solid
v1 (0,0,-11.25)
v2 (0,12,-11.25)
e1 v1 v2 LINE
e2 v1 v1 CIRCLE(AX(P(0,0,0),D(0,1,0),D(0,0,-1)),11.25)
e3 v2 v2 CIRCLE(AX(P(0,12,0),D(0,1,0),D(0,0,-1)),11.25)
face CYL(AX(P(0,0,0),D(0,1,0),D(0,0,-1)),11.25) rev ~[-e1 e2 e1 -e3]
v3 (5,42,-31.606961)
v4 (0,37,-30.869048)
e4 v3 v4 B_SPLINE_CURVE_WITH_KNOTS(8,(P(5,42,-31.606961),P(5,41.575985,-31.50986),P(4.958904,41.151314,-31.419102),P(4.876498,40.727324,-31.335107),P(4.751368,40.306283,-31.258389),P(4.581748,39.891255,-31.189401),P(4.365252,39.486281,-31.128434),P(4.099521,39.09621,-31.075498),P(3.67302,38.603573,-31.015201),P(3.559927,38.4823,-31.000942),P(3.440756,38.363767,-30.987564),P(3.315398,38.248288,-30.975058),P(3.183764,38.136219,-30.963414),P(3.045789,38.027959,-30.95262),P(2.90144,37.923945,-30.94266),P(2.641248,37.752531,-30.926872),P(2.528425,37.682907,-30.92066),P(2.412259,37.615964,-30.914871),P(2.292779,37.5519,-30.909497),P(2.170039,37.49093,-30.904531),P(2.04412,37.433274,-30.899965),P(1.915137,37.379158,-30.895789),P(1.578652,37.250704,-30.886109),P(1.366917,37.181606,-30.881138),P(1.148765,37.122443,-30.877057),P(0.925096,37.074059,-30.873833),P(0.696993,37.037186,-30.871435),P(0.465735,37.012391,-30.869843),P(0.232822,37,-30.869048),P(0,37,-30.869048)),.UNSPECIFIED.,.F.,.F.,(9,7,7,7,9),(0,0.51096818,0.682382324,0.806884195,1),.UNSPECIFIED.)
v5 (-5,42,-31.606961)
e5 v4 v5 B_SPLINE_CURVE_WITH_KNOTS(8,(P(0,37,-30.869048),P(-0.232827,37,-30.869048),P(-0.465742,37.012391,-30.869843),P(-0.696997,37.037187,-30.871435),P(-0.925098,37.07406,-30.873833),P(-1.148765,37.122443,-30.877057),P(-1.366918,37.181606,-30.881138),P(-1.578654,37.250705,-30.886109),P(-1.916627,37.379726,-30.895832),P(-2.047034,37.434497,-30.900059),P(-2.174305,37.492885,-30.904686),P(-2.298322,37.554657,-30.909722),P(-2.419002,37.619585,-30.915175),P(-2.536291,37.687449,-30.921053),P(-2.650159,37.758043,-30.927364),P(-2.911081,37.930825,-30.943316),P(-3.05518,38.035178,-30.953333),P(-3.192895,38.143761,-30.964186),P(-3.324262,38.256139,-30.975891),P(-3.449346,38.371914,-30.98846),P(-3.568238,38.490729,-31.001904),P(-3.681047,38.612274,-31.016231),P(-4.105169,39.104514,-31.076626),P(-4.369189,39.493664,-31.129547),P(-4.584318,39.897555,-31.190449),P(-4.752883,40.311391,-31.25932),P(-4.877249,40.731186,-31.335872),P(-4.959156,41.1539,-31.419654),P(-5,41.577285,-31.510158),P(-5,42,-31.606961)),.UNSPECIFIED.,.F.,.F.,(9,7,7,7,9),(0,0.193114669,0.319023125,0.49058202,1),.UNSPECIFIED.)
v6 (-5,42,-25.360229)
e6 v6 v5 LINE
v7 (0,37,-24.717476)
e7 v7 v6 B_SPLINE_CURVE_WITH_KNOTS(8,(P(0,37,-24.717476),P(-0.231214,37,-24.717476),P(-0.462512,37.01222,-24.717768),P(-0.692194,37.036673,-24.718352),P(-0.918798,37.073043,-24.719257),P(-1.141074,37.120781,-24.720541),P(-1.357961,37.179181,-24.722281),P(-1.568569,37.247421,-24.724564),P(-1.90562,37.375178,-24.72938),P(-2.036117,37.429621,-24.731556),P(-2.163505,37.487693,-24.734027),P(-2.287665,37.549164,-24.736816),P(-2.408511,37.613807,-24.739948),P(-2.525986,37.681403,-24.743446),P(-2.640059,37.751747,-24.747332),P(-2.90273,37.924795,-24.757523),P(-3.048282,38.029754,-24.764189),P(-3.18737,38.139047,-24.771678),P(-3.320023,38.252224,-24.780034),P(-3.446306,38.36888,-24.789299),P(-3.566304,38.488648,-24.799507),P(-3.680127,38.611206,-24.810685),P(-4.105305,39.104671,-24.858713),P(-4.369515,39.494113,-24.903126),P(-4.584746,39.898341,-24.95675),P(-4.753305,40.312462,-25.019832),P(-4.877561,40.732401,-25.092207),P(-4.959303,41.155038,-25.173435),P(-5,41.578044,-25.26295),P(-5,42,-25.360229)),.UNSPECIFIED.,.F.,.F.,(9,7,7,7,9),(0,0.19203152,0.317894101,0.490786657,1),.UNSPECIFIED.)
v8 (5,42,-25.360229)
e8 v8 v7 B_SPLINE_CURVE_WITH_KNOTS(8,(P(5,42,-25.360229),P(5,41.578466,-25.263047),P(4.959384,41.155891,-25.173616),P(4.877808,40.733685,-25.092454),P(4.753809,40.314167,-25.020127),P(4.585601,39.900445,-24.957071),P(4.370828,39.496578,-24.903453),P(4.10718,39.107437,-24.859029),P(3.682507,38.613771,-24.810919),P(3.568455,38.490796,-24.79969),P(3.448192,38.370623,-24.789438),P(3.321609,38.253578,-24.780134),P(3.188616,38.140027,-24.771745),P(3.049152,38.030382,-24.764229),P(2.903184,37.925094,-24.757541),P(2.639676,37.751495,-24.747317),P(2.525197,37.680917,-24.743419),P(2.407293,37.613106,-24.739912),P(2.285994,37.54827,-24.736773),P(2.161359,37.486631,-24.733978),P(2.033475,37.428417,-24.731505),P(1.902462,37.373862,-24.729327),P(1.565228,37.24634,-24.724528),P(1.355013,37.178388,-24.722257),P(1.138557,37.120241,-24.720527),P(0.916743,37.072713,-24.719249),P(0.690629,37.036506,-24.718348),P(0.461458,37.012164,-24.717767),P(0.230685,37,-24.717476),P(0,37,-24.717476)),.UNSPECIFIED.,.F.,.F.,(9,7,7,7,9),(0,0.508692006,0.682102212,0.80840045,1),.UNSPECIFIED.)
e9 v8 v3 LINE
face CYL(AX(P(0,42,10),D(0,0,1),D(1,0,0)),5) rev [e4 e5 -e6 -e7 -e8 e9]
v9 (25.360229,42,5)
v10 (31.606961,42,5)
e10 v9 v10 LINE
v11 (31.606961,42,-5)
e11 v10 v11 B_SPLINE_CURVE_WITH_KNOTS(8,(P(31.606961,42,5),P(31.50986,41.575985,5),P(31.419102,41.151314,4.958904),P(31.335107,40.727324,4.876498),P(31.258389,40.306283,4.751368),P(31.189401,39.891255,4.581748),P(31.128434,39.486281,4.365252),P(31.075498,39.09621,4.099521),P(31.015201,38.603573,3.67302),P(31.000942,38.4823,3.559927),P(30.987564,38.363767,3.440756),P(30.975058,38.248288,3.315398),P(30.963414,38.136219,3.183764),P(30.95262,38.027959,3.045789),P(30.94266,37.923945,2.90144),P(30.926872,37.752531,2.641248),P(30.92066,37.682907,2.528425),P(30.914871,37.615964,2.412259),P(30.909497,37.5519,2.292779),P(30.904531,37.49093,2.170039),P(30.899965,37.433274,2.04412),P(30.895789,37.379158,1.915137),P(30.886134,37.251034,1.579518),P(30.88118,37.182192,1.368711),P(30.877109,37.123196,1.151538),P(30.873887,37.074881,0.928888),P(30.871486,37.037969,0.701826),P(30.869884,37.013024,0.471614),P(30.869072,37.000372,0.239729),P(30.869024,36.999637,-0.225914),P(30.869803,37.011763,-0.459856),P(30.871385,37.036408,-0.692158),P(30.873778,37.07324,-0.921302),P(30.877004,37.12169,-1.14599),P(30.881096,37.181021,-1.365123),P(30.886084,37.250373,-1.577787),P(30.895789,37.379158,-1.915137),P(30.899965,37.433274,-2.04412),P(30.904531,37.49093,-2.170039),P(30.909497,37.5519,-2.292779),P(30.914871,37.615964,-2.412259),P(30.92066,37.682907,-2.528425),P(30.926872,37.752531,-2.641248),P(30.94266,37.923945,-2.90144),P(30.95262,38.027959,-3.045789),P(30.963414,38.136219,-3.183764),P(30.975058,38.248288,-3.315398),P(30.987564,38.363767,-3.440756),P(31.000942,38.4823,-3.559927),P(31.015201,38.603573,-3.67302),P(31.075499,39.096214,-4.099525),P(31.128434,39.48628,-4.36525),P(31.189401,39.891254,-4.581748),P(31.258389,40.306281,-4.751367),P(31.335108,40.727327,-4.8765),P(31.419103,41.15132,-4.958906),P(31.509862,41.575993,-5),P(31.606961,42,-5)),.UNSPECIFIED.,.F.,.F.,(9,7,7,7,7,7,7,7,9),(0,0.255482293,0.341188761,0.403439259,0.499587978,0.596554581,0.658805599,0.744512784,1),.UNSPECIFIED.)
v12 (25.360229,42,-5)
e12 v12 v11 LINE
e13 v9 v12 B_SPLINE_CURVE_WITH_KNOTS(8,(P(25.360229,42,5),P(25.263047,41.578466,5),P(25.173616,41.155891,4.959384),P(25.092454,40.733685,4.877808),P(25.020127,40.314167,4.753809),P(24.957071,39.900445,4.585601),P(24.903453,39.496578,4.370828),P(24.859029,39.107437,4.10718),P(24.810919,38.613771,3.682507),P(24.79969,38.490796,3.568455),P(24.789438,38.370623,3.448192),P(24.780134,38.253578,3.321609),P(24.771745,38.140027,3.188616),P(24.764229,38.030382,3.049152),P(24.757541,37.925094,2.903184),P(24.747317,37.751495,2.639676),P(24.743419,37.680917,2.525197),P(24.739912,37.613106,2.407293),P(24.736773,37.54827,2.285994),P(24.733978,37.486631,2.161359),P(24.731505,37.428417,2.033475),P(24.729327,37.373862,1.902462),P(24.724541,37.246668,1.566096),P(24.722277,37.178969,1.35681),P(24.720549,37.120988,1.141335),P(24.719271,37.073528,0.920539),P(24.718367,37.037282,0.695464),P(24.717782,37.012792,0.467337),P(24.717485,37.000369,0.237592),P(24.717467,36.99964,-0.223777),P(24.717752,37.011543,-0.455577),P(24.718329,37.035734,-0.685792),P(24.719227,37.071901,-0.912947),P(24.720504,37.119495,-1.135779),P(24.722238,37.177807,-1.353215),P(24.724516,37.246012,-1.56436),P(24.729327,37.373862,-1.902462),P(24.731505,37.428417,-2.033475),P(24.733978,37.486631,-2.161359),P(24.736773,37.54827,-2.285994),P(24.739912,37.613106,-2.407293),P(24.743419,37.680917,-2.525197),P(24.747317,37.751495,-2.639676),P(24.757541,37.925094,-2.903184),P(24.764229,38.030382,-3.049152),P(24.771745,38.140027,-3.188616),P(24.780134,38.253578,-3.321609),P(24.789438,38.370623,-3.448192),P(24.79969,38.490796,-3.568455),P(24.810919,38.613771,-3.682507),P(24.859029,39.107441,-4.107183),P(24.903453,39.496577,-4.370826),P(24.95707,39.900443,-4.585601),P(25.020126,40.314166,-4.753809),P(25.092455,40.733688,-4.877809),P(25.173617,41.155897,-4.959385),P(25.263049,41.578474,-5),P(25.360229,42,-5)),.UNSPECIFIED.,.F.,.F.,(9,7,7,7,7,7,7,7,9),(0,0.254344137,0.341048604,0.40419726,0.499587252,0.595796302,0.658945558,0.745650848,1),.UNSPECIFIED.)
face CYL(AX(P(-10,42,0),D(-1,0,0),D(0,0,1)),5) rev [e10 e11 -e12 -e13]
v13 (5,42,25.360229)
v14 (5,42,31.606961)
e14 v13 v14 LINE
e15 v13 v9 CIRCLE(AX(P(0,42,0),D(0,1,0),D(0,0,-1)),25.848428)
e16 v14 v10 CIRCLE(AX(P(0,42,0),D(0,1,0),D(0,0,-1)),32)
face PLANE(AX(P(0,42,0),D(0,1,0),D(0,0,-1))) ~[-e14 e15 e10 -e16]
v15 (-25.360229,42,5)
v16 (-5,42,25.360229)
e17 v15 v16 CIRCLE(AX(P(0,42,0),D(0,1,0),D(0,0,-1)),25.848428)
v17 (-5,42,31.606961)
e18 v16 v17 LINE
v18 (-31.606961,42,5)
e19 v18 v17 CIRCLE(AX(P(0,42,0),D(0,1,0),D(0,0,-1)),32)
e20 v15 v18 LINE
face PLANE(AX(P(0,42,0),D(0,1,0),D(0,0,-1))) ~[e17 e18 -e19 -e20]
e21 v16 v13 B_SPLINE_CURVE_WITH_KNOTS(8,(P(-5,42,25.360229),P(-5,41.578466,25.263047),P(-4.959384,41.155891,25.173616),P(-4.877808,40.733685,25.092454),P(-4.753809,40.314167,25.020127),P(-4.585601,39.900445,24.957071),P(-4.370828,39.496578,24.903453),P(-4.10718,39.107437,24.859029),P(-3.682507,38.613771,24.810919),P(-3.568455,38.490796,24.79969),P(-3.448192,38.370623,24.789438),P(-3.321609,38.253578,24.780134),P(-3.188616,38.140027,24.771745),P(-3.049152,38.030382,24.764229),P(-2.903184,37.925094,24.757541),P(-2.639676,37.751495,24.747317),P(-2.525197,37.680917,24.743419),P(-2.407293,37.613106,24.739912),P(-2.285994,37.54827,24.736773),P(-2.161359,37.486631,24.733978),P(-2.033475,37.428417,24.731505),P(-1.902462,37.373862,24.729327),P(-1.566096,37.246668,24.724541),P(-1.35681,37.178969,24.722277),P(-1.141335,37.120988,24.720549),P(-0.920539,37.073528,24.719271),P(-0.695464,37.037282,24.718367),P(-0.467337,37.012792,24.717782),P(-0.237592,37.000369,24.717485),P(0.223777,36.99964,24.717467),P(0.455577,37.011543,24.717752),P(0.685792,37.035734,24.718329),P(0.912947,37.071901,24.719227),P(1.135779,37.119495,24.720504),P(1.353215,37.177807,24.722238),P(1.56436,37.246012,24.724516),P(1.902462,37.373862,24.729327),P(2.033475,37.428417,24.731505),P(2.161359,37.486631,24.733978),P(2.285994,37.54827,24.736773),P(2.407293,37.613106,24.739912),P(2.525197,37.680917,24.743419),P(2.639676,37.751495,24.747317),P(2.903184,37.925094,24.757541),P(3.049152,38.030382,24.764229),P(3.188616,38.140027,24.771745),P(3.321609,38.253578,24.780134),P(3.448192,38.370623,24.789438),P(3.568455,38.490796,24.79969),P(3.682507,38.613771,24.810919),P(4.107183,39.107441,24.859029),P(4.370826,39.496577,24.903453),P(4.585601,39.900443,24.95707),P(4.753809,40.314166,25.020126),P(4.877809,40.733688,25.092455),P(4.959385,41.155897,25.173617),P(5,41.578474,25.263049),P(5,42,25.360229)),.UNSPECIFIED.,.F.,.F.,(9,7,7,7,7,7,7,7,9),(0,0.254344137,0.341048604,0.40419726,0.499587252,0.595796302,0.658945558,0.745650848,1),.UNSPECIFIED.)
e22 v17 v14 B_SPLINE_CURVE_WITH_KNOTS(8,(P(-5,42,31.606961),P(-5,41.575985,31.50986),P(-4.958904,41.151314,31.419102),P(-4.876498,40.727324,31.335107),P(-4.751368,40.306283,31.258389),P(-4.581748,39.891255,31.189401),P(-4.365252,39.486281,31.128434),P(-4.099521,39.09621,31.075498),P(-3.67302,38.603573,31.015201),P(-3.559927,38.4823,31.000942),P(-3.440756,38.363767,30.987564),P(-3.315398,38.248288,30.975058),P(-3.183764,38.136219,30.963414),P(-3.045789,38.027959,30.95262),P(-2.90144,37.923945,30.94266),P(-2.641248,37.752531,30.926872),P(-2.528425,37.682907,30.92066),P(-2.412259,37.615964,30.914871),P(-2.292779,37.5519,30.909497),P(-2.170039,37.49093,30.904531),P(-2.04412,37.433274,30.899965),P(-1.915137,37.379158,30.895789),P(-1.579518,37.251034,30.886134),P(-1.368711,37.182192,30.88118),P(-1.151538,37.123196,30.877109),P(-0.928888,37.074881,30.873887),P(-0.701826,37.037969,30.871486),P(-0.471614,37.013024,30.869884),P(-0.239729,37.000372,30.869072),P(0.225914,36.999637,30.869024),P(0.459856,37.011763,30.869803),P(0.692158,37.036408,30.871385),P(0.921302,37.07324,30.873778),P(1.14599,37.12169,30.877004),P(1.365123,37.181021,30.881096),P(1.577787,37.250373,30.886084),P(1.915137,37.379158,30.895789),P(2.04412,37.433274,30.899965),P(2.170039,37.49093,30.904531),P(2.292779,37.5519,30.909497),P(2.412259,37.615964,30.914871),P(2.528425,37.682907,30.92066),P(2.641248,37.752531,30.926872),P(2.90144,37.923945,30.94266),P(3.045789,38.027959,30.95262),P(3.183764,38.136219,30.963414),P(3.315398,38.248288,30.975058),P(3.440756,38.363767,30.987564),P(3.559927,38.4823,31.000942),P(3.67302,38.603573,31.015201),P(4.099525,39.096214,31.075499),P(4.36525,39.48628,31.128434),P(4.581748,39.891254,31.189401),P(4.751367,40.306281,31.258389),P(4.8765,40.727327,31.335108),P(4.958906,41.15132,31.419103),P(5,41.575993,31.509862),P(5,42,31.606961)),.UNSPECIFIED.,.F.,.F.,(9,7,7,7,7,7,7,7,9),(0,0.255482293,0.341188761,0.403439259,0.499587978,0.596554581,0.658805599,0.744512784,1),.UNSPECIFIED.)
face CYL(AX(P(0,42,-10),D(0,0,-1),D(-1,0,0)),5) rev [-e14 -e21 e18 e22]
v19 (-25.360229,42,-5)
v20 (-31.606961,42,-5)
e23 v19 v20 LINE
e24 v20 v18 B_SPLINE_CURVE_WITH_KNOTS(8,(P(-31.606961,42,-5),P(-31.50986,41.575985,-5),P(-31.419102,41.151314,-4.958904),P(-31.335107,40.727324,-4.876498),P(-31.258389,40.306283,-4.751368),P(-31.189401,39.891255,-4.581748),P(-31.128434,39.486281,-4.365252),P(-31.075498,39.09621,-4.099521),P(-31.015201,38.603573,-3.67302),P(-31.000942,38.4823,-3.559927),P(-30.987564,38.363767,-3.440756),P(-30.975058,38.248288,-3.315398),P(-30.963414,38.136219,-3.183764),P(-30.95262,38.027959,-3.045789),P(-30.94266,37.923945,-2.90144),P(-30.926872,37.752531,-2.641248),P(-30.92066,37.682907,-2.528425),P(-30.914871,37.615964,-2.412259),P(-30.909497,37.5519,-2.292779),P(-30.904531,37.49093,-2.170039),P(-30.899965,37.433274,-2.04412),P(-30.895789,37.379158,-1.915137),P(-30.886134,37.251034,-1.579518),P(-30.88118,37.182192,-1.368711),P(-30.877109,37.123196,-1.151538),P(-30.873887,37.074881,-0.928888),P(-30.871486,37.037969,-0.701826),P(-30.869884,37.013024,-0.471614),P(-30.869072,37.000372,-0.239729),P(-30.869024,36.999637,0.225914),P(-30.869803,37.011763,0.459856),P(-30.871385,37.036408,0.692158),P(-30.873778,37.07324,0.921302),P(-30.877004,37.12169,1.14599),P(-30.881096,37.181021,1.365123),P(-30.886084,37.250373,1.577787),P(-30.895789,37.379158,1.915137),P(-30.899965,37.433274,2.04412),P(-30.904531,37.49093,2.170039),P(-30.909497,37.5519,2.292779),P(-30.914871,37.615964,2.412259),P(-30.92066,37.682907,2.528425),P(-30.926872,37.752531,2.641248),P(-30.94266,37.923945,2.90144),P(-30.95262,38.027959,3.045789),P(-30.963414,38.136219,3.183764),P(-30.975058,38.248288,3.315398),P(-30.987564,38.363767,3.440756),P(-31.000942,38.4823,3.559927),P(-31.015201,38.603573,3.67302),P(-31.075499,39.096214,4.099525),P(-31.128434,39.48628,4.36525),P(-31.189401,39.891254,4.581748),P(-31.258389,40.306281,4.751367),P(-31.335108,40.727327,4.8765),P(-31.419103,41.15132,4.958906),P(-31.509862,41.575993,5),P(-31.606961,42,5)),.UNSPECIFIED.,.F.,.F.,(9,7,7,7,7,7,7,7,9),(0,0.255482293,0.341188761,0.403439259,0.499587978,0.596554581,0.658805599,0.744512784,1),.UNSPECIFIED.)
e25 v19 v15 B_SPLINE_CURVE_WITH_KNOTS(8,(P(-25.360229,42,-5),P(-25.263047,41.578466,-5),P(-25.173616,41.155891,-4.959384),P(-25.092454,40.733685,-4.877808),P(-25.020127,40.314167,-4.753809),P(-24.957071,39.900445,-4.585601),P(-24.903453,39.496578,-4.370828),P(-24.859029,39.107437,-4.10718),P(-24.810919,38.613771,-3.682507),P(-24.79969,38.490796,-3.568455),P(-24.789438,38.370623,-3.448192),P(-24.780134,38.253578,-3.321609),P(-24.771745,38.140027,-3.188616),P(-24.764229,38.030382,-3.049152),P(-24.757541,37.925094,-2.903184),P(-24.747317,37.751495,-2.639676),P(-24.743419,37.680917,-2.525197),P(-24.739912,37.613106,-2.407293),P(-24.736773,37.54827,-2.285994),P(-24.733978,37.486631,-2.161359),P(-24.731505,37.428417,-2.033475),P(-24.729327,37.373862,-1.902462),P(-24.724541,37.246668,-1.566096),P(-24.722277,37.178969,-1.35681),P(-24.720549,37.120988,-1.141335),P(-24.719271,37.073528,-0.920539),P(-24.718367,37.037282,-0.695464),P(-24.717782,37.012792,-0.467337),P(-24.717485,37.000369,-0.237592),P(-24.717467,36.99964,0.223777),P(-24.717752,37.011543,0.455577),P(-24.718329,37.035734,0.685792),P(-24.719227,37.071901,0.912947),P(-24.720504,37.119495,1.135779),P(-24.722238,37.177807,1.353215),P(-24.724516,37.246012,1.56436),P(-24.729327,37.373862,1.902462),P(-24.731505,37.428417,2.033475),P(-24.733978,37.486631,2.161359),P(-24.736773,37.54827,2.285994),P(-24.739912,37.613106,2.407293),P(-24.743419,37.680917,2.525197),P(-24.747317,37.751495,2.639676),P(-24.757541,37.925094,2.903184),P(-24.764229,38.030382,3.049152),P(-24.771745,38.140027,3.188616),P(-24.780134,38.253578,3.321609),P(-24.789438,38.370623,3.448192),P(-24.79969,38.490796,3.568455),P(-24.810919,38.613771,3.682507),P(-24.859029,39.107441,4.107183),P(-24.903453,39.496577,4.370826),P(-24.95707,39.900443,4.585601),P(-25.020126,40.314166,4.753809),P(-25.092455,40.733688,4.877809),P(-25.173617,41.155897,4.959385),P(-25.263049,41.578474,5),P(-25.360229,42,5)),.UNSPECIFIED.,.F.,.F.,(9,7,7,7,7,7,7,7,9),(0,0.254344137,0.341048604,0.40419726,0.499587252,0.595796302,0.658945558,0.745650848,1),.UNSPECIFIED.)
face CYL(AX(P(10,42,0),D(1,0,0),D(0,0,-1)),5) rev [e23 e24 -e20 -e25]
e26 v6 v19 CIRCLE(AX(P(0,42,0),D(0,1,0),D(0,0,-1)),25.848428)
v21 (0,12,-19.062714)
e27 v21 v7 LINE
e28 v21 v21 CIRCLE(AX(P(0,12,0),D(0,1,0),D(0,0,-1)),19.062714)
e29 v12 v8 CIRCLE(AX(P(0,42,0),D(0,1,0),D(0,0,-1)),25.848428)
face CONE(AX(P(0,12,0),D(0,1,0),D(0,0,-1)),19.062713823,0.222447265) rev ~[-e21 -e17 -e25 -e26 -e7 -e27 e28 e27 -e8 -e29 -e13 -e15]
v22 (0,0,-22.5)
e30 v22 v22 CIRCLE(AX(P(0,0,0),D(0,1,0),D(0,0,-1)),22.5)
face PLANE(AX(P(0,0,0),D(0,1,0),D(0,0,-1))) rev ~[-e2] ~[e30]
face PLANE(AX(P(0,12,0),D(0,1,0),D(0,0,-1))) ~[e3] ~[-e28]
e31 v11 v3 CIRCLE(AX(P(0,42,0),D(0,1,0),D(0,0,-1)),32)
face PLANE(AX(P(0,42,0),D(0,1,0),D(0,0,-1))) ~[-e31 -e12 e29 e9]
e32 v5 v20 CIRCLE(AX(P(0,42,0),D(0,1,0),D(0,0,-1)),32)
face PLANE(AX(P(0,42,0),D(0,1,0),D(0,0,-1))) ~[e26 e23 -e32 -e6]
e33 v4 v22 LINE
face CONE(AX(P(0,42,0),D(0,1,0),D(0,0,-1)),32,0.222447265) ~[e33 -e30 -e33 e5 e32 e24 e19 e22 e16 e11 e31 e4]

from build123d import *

# Parameters (mm, degrees)
CUT_EXTRUDE1_START = -10
CUT_EXTRUDE1_DEPTH = 72.741396162
CIRPATTERN1_COUNT  = 4


with BuildPart() as part:
    # Sketch1 → Revolve1 (revolve)
    with BuildSketch(Plane.XY, mode=Mode.PRIVATE) as revolve1_sk:
        Polygon((11.25, 0), (11.25, 12), (19.062713823, 12), (25.848428109, 42), (32, 42), (22.5, 0), align=None)
    revolve(revolve1_sk.sketch.rotate(Axis((0, 0, 0), (0, 1, 0)), 90), axis=Axis((0, 0, 0), (0, 1, 0)))

    # Sketch2 → Cut-Extrude1 (cut)
    with BuildSketch(Plane.XY.offset(CUT_EXTRUDE1_START)):
        with BuildLine():
            Line((5, 42), (-5, 42))
            ThreePointArc((-5, 42), (0, 37), (5, 42))
        make_face()
    cut_extrude1 = extrude(amount=CUT_EXTRUDE1_DEPTH, mode=Mode.SUBTRACT)

    # CirPattern1: Cut-Extrude1 ×4 about axis
    cirpattern1_axis = Axis((0, 42, 0), (0, -1, 0))
    for i in range(1, CIRPATTERN1_COUNT):
        add(cut_extrude1.rotate(cirpattern1_axis, i * 360 / CIRPATTERN1_COUNT), mode=Mode.SUBTRACT)


solid = part.part
